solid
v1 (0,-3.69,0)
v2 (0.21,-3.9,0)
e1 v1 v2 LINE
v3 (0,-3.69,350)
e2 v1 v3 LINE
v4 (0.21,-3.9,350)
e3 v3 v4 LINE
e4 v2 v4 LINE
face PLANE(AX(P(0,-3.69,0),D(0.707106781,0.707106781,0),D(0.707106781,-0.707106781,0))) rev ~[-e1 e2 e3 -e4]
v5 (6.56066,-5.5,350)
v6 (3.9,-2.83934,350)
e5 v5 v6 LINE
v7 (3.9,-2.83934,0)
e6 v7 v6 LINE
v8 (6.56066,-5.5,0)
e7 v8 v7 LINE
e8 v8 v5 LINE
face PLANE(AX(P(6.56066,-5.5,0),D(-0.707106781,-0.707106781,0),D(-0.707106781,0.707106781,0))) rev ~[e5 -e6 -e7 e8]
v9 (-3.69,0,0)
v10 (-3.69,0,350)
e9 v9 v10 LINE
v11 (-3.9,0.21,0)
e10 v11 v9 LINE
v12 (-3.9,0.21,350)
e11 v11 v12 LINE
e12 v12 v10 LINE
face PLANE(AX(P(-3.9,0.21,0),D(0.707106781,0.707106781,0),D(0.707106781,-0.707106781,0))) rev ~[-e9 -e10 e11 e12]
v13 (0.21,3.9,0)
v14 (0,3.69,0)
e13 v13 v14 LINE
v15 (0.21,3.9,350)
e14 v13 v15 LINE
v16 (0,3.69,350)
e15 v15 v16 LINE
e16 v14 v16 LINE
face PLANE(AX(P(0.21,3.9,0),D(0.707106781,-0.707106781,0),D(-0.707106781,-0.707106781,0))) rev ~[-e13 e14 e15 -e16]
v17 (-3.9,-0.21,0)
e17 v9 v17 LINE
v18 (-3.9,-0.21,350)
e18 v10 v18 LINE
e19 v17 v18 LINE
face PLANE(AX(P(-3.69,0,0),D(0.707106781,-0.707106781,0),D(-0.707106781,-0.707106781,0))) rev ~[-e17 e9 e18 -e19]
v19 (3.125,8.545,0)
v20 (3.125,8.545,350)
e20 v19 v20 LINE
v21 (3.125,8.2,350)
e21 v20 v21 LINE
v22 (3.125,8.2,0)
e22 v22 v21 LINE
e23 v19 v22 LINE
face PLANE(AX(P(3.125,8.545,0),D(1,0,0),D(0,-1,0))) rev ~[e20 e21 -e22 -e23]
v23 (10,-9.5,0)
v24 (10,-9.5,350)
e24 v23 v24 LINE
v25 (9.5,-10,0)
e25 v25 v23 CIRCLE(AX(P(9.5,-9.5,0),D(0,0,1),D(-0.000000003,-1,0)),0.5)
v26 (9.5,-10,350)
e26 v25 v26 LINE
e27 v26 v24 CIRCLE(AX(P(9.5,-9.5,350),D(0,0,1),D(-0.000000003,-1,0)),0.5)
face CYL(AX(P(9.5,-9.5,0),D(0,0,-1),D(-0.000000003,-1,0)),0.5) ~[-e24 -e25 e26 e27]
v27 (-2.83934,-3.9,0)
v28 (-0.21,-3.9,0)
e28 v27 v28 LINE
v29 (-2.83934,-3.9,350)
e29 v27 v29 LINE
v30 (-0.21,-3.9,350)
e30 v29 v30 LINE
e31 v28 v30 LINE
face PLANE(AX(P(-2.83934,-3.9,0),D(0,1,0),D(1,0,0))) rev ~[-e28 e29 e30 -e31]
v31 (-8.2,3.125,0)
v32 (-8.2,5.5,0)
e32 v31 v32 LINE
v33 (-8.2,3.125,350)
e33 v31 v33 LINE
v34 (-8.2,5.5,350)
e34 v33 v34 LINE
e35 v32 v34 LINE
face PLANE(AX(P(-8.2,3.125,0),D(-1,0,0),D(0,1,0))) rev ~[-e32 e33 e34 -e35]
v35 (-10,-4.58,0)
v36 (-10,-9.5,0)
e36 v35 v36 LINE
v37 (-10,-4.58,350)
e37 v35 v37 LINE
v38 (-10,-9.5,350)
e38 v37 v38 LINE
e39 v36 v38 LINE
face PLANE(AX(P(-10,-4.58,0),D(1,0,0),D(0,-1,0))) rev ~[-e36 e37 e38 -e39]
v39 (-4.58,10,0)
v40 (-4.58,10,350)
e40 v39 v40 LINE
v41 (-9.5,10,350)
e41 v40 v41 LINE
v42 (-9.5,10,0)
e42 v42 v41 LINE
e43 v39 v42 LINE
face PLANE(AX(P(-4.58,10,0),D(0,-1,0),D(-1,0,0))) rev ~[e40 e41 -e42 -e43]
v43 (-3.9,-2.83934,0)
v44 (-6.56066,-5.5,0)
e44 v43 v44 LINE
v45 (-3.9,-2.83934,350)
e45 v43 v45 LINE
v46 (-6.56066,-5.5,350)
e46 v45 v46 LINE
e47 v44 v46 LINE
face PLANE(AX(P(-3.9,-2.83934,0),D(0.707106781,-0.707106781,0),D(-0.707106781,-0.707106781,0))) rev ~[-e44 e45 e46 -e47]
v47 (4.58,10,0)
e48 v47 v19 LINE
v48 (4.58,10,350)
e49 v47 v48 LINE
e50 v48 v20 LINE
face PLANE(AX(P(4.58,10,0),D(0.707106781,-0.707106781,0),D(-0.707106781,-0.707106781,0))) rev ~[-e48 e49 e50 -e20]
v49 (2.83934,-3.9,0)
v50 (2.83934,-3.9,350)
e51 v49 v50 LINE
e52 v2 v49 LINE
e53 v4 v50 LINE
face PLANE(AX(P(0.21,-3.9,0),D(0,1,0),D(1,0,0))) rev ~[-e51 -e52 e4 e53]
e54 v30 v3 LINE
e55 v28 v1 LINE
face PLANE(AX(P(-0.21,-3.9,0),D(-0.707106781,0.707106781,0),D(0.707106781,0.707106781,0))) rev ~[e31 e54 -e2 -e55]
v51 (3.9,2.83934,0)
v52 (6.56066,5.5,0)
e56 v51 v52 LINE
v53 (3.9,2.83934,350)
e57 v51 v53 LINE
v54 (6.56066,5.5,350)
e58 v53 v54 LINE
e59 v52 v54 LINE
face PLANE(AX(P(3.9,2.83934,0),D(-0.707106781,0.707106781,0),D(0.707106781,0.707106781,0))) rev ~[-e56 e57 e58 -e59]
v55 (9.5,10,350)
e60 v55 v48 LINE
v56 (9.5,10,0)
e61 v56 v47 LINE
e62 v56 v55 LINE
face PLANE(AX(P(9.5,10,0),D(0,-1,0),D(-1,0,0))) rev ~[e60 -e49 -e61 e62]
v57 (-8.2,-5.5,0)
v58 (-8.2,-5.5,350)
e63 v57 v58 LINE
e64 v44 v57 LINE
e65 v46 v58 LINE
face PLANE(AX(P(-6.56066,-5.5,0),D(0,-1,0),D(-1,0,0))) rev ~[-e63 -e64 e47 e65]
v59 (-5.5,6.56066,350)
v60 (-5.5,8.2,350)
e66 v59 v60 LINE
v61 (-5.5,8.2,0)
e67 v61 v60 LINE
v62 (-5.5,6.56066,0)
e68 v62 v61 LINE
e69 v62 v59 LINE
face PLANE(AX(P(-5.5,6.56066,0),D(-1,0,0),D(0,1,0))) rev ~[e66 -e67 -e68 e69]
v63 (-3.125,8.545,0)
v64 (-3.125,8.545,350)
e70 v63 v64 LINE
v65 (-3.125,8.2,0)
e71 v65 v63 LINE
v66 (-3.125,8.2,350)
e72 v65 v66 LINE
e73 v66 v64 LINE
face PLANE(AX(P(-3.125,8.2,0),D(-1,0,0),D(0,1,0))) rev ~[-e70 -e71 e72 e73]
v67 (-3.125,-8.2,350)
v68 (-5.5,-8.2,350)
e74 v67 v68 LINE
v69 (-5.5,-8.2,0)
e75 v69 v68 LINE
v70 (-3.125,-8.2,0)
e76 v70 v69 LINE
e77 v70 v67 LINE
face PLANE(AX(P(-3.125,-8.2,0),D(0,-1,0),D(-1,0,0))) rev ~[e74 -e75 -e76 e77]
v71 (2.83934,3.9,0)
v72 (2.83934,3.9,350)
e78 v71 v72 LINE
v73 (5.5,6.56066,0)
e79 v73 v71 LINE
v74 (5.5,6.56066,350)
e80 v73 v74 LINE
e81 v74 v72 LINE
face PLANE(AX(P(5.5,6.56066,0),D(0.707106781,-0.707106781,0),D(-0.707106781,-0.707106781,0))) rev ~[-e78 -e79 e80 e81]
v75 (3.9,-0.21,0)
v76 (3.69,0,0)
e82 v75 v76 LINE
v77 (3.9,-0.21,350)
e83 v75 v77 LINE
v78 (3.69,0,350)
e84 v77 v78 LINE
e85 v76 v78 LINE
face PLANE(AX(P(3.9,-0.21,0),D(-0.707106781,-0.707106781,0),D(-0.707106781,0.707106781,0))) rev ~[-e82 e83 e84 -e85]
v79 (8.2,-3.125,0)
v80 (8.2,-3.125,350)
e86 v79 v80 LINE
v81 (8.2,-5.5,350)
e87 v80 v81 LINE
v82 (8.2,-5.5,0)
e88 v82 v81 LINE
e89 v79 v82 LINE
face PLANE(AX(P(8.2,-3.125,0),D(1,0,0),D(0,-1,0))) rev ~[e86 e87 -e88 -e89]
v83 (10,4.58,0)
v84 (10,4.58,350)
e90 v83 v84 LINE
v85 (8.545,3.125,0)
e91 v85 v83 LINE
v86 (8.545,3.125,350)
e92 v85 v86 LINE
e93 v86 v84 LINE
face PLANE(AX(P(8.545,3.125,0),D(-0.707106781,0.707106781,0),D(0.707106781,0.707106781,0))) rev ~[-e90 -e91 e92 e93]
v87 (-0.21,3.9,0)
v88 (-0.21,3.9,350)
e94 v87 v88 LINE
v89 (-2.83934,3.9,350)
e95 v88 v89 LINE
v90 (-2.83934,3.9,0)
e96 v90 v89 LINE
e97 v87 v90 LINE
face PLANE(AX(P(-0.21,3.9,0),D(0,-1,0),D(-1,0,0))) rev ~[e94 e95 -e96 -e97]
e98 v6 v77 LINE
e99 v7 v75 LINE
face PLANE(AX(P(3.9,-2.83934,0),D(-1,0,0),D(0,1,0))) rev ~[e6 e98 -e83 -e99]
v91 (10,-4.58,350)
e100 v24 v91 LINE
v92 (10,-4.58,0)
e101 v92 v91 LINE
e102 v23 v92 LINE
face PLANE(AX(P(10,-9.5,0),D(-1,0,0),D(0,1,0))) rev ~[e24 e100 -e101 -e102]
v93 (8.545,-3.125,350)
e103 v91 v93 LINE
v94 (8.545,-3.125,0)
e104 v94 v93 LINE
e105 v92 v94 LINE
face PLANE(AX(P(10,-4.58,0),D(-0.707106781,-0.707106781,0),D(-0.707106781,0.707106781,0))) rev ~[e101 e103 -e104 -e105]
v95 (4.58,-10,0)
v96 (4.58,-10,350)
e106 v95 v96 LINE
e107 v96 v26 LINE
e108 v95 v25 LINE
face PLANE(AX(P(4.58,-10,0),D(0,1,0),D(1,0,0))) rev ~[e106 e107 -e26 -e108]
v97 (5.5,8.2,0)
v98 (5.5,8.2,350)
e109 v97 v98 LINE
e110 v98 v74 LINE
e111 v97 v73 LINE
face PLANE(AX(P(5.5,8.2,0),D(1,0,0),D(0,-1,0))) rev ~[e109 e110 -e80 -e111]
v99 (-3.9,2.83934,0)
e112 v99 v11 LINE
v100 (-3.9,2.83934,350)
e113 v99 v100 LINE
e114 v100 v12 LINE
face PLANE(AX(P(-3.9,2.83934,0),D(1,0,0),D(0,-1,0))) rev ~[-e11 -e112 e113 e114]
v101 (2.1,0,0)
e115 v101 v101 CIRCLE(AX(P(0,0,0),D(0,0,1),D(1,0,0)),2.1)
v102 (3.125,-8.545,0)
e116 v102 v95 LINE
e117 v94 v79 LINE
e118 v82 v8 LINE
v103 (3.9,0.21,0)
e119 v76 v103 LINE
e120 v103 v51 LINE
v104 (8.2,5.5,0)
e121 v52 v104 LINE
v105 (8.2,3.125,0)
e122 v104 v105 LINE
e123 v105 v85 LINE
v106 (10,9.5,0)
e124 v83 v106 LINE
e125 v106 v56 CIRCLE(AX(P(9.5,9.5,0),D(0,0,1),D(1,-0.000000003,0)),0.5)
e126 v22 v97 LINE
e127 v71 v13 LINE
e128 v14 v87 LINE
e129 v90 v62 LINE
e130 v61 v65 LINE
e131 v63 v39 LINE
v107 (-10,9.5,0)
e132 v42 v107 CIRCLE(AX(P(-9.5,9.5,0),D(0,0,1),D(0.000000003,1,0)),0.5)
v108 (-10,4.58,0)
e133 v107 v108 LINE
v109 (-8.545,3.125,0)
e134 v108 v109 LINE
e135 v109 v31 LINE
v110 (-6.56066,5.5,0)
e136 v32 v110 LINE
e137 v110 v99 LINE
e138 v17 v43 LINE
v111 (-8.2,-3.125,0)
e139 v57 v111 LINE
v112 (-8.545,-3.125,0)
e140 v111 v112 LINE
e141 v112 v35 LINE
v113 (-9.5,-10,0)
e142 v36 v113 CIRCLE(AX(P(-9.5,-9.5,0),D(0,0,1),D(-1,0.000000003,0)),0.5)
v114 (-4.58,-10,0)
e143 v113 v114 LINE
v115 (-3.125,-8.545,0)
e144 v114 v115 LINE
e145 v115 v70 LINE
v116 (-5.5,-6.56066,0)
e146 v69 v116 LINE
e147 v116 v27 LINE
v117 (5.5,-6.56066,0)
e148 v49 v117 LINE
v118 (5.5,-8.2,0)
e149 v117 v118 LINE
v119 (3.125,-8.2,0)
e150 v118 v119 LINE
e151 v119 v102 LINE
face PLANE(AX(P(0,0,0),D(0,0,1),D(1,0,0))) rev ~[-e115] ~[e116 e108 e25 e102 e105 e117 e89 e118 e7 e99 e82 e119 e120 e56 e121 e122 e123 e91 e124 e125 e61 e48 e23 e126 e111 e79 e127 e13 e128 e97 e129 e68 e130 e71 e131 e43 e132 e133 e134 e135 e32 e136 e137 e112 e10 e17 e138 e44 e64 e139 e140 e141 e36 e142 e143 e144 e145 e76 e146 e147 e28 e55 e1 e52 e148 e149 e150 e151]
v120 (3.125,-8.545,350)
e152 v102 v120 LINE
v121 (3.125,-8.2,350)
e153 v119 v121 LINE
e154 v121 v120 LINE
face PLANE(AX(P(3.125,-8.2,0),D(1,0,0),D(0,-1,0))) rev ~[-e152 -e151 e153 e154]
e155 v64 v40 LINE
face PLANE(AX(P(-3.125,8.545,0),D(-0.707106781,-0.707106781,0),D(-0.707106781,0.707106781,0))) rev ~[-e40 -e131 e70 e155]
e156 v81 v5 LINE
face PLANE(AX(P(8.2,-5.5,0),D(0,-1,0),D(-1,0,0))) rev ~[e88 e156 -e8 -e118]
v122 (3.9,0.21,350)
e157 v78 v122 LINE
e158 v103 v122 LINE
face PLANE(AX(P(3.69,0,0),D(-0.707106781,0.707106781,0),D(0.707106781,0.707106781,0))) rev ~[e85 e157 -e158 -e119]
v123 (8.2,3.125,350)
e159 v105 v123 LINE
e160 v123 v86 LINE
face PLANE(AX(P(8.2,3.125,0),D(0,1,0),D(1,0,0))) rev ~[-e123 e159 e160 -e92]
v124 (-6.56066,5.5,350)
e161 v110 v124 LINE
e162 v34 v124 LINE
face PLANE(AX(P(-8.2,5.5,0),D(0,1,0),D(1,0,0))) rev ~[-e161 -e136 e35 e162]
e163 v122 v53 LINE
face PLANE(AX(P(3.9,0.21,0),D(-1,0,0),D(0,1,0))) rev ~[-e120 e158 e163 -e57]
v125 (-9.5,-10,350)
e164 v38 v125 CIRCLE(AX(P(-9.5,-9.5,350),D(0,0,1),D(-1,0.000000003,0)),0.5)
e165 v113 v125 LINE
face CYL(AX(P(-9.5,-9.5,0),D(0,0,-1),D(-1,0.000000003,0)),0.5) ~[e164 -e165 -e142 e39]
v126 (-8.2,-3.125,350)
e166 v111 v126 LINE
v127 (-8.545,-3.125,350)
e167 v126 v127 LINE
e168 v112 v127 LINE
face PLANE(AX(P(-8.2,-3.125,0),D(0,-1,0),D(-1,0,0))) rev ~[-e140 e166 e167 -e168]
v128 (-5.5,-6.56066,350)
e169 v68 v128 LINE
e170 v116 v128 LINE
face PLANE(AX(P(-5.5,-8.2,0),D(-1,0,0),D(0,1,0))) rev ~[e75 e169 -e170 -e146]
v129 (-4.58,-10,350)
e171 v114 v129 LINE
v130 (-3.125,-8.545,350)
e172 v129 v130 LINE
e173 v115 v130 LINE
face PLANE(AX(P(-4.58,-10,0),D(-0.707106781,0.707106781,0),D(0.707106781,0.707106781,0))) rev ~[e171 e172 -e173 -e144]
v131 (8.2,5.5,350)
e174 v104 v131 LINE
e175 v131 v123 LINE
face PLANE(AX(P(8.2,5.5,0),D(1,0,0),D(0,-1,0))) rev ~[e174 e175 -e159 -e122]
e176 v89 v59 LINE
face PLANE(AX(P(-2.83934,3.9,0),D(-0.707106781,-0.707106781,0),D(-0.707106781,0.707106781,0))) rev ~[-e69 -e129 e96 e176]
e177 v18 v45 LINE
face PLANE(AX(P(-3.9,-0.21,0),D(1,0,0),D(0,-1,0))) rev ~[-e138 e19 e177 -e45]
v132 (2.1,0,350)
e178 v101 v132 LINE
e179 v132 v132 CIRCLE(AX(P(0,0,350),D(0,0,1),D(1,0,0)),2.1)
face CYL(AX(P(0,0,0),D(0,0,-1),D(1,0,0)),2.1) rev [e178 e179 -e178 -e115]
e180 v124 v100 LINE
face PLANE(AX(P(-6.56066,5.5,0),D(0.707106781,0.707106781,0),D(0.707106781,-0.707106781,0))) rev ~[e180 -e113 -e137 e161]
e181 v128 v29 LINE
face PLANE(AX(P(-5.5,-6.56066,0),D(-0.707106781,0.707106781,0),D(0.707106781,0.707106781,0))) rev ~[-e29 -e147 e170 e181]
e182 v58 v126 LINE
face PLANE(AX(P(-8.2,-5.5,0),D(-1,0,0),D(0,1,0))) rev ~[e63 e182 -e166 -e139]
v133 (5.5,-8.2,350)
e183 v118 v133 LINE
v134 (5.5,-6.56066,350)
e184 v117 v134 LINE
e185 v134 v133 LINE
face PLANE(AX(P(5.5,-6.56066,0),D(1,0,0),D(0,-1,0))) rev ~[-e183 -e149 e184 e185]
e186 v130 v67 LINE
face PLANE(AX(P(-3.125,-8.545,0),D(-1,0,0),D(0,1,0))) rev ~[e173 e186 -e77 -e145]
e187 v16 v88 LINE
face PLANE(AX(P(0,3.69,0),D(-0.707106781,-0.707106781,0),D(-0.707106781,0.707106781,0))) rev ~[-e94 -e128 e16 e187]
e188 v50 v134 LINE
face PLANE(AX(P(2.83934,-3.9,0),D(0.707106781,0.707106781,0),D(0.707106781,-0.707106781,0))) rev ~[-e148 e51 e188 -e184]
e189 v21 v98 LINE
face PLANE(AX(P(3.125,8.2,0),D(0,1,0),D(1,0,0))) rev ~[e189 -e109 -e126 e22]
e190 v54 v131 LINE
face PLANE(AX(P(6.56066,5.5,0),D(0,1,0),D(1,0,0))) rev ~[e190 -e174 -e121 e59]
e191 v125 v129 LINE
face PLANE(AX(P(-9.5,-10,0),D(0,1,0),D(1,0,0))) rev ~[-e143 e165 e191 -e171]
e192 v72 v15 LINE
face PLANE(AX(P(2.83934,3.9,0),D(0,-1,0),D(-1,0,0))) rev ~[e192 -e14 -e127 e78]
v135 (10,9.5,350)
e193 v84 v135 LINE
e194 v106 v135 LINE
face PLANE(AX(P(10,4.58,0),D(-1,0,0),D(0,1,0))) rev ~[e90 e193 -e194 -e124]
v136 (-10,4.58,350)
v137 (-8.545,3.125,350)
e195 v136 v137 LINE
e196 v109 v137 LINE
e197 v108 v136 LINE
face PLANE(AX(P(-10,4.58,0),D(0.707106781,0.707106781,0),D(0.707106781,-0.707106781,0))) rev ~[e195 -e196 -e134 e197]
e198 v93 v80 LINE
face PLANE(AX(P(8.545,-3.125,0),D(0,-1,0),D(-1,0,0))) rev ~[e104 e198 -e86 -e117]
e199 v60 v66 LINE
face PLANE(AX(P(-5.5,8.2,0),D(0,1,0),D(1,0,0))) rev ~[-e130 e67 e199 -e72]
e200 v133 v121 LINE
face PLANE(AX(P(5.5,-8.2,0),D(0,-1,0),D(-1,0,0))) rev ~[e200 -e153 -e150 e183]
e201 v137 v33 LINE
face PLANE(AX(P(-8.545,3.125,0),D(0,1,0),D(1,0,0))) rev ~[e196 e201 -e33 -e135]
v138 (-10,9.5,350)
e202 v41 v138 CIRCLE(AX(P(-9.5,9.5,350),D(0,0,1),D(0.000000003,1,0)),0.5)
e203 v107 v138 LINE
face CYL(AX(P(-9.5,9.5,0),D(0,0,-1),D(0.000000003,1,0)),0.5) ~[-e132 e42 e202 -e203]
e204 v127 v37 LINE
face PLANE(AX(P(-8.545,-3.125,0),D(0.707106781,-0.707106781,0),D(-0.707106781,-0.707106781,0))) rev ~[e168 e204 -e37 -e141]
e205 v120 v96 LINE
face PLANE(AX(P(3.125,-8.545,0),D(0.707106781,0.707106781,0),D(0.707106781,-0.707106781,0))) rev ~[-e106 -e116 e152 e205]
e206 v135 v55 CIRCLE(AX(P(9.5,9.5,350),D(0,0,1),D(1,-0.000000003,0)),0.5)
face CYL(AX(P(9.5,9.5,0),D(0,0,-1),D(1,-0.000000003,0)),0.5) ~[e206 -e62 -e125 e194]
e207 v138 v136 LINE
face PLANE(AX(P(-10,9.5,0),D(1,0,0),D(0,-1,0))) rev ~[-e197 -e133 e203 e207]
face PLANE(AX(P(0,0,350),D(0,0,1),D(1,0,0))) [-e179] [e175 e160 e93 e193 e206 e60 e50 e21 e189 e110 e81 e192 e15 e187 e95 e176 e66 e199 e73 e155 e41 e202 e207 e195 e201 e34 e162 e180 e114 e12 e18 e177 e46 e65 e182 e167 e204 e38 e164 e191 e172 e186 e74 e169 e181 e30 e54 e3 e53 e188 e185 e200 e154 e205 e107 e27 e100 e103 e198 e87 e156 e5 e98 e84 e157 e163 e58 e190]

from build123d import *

# Parameters (mm, degrees)
SKETCH1_R           = 2.1
BOSS_EXTRUDE1_DEPTH = 350


with BuildPart() as part:
    # Sketch1 → Boss-Extrude1 (new body)
    with BuildSketch(Plane.XY):
        with BuildLine():
            Line((4.58, -10), (9.5, -10))
            ThreePointArc((9.5, -10), (9.853553391, -9.853553391), (10, -9.5))
            Line((10, -9.5), (10, -4.58))
            Line((10, -4.58), (8.545, -3.125))
            Line((8.545, -3.125), (8.2, -3.125))
            Line((8.2, -3.125), (8.2, -5.5))
            Line((8.2, -5.5), (6.560660172, -5.5))
            Line((6.560660172, -5.5), (3.9, -2.839339828))
            Line((3.9, -2.839339828), (3.9, -0.21))
            Line((3.9, -0.21), (3.69, 0))
            Line((3.69, 0), (3.9, 0.21))
            Line((3.9, 0.21), (3.9, 2.839339828))
            Line((3.9, 2.839339828), (6.560660172, 5.5))
            Line((6.560660172, 5.5), (8.2, 5.5))
            Line((8.2, 5.5), (8.2, 3.125))
            Line((8.2, 3.125), (8.545, 3.125))
            Line((8.545, 3.125), (10, 4.58))
            Line((10, 4.58), (10, 9.5))
            ThreePointArc((10, 9.5), (9.853553391, 9.853553391), (9.5, 10))
            Line((9.5, 10), (4.58, 10))
            Line((4.58, 10), (3.125, 8.545))
            Line((3.125, 8.545), (3.125, 8.2))
            Line((3.125, 8.2), (5.5, 8.2))
            Line((5.5, 8.2), (5.5, 6.560660172))
            Line((5.5, 6.560660172), (2.839339828, 3.9))
            Line((2.839339828, 3.9), (0.21, 3.9))
            Line((0.21, 3.9), (0, 3.69))
            Line((0, 3.69), (-0.21, 3.9))
            Line((-0.21, 3.9), (-2.839339828, 3.9))
            Line((-2.839339828, 3.9), (-5.5, 6.560660172))
            Line((-5.5, 6.560660172), (-5.5, 8.2))
            Line((-5.5, 8.2), (-3.125, 8.2))
            Line((-3.125, 8.2), (-3.125, 8.545))
            Line((-3.125, 8.545), (-4.58, 10))
            Line((-4.58, 10), (-9.5, 10))
            ThreePointArc((-9.5, 10), (-9.853553391, 9.853553391), (-10, 9.5))
            Line((-10, 9.5), (-10, 4.58))
            Line((-10, 4.58), (-8.545, 3.125))
            Line((-8.545, 3.125), (-8.2, 3.125))
            Line((-8.2, 3.125), (-8.2, 5.5))
            Line((-8.2, 5.5), (-6.560660172, 5.5))
            Line((-6.560660172, 5.5), (-3.9, 2.839339828))
            Line((-3.9, 2.839339828), (-3.9, 0.21))
            Line((-3.9, 0.21), (-3.69, 0))
            Line((-3.69, 0), (-3.9, -0.21))
            Line((-3.9, -0.21), (-3.9, -2.839339828))
            Line((-3.9, -2.839339828), (-6.560660172, -5.5))
            Line((-6.560660172, -5.5), (-8.2, -5.5))
            Line((-8.2, -5.5), (-8.2, -3.125))
            Line((-8.2, -3.125), (-8.545, -3.125))
            Line((-8.545, -3.125), (-10, -4.58))
            Line((-10, -4.58), (-10, -9.5))
            ThreePointArc((-10, -9.5), (-9.853553391, -9.853553391), (-9.5, -10))
            Line((-9.5, -10), (-4.58, -10))
            Line((-4.58, -10), (-3.125, -8.545))
            Line((-3.125, -8.545), (-3.125, -8.2))
            Line((-3.125, -8.2), (-5.5, -8.2))
            Line((-5.5, -8.2), (-5.5, -6.560660172))
            Line((-5.5, -6.560660172), (-2.839339828, -3.9))
            Line((-2.839339828, -3.9), (-0.21, -3.9))
            Line((-0.21, -3.9), (0, -3.69))
            Line((0, -3.69), (0.21, -3.9))
            Line((0.21, -3.9), (2.839339828, -3.9))
            Line((2.839339828, -3.9), (5.5, -6.560660172))
            Line((5.5, -6.560660172), (5.5, -8.2))
            Line((5.5, -8.2), (3.125, -8.2))
            Line((3.125, -8.2), (3.125, -8.545))
            Line((3.125, -8.545), (4.58, -10))
        make_face()
        Circle(SKETCH1_R, mode=Mode.SUBTRACT)
    extrude(amount=BOSS_EXTRUDE1_DEPTH)


solid = part.part
